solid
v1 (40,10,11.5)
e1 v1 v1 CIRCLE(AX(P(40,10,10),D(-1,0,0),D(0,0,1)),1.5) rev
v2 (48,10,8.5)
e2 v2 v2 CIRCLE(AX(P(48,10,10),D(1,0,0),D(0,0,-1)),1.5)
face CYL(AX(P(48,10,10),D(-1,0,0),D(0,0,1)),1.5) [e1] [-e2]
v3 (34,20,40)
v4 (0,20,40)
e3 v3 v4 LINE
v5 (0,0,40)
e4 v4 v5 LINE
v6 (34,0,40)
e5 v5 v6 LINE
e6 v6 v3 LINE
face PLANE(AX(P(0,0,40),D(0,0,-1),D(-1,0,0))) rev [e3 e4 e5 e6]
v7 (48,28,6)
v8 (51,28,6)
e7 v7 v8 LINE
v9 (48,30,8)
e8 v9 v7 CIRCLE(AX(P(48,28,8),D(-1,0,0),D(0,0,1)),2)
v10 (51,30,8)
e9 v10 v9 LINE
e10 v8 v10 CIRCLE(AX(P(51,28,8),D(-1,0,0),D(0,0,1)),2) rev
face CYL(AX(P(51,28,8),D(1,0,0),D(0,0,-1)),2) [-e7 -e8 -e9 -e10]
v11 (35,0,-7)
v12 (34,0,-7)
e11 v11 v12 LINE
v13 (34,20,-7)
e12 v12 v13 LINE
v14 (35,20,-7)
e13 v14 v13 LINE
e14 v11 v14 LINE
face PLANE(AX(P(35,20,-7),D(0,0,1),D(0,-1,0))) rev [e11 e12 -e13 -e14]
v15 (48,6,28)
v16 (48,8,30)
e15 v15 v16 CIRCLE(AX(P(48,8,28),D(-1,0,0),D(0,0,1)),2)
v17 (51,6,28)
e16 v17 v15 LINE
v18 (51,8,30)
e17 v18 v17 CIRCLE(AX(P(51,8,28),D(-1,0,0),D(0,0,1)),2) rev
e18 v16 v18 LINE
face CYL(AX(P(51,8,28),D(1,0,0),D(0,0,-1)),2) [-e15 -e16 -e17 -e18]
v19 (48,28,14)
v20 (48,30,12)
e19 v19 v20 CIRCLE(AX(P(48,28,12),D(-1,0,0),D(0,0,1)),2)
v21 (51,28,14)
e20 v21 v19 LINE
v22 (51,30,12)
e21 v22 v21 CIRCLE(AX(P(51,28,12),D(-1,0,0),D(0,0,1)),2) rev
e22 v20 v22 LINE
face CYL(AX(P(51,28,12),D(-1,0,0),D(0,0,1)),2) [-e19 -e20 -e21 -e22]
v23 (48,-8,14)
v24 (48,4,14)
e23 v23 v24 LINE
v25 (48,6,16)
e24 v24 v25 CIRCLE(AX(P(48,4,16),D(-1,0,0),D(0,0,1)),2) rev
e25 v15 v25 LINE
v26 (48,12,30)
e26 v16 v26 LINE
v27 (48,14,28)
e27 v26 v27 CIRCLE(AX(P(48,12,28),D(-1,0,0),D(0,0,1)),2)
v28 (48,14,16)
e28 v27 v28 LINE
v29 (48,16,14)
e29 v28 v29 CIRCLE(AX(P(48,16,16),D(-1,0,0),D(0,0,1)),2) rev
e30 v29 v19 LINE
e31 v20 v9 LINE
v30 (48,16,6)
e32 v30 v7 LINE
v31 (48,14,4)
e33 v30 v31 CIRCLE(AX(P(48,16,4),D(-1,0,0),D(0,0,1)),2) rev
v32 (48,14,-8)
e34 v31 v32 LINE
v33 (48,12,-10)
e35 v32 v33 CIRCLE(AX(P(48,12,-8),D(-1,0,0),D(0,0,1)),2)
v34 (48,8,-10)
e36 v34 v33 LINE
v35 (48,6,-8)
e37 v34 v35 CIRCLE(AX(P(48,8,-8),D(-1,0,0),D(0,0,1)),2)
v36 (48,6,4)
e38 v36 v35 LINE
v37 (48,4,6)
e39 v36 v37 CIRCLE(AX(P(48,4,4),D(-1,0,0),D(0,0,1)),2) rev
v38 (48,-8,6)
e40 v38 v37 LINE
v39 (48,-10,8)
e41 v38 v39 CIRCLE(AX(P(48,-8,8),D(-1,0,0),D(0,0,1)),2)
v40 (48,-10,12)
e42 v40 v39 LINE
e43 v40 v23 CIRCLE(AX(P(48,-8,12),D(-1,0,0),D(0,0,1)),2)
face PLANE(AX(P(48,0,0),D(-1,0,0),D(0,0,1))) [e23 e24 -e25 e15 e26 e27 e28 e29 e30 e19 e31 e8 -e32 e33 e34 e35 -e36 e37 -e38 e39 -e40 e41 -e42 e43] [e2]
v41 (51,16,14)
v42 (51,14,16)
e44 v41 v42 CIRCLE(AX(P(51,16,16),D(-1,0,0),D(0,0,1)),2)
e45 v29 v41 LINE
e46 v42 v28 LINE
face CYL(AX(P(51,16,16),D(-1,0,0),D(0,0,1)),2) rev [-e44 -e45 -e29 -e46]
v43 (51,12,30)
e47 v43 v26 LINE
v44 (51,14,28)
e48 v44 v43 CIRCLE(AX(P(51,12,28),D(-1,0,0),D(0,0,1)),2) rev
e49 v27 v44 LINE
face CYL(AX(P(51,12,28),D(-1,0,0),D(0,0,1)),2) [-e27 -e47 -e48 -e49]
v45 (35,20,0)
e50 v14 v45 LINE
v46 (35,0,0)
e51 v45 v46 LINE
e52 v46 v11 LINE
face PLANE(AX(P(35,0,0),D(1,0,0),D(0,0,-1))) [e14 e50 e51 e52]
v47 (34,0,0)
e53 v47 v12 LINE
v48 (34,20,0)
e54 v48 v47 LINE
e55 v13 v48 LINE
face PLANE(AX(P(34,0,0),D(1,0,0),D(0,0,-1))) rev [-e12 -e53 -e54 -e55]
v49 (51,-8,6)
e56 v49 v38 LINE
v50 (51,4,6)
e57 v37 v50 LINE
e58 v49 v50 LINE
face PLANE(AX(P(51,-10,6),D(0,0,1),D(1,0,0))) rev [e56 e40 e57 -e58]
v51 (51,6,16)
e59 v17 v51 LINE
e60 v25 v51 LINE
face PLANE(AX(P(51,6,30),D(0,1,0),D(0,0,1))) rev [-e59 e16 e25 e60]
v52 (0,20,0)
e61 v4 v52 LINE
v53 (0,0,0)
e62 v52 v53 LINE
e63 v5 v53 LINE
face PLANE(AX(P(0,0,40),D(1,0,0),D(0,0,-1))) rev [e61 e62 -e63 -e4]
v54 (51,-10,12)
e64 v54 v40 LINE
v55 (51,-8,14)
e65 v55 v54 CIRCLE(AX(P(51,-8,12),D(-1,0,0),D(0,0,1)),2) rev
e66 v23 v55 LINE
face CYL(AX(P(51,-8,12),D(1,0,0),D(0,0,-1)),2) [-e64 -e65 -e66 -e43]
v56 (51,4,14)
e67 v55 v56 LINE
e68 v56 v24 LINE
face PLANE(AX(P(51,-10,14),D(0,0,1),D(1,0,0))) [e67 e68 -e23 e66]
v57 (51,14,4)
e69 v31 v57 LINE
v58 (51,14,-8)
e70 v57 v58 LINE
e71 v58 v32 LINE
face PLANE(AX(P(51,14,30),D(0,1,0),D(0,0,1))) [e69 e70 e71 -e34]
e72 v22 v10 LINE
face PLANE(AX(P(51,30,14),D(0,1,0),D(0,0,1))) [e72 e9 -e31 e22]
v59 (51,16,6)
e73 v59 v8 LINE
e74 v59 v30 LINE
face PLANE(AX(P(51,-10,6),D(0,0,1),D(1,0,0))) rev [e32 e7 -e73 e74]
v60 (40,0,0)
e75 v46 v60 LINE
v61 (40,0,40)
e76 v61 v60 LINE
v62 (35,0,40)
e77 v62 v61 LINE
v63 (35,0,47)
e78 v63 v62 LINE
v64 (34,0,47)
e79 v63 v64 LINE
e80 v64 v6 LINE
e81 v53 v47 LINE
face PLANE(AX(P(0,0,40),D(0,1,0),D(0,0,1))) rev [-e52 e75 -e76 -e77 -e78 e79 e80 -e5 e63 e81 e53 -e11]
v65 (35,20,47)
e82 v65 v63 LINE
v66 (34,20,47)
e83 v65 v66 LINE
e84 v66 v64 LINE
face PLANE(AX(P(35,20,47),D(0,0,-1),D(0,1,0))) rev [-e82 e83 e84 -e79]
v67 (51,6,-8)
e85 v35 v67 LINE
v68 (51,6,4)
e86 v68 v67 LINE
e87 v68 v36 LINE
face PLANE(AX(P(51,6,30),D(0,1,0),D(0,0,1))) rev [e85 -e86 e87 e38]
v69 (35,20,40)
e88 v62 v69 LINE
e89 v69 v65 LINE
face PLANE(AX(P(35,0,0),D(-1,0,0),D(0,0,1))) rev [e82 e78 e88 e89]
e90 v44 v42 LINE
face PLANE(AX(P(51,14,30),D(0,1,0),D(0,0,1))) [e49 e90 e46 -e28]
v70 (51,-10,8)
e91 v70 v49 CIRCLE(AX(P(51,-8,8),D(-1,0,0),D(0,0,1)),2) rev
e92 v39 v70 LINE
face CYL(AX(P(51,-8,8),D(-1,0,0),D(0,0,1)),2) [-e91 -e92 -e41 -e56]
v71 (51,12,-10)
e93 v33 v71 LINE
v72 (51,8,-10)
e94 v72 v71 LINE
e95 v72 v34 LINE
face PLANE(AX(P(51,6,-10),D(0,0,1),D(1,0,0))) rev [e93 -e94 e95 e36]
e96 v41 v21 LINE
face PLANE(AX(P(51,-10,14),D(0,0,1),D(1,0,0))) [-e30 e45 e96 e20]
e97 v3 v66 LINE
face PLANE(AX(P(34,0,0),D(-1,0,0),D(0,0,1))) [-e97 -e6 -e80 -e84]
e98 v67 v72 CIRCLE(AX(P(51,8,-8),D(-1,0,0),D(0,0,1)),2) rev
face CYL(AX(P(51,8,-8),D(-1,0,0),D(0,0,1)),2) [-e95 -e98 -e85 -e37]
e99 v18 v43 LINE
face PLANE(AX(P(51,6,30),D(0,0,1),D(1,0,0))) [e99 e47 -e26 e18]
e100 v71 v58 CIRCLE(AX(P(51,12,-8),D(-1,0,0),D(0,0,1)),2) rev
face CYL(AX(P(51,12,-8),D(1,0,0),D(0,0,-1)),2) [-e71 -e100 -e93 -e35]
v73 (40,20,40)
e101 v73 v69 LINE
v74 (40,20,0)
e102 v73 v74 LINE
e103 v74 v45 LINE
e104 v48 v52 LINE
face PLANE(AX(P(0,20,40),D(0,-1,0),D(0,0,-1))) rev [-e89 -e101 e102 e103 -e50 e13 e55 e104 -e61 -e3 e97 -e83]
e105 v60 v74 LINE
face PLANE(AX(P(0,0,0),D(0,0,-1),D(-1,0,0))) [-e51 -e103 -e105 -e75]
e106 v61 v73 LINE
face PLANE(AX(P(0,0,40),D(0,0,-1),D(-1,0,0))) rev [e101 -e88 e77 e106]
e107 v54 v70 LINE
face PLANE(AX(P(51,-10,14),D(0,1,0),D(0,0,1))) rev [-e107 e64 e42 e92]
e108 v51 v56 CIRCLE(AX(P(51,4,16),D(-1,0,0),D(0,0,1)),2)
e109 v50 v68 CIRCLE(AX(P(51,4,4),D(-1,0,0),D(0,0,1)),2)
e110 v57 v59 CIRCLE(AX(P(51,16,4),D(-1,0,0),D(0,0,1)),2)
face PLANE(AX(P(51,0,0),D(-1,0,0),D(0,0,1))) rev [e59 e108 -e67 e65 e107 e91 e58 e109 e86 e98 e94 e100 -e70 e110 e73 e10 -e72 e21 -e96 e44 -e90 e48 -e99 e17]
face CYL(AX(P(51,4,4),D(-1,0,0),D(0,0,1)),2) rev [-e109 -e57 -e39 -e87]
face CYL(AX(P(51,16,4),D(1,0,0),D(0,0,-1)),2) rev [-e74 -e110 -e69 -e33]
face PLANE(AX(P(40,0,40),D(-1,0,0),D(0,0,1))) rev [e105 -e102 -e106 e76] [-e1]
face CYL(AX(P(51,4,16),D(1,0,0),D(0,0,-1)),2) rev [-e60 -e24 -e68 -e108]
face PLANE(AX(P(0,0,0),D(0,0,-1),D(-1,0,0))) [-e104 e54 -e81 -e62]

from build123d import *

# Parameters (mm, degrees)
SKETCH1_W           = 40
SKETCH1_H           = 20
BOSS_EXTRUDE1_DEPTH = 40
SKETCH2_R           = 1.5
BOSS_EXTRUDE2_DEPTH = 8
SKETCH4_W           = 8
SKETCH4_H           = 40
SKETCH4_W_2         = 40
SKETCH4_H_2         = 8
BOSS_EXTRUDE4_DEPTH = 3
FILLET1_R           = 2
SKETCH6_W           = 7
SKETCH6_H           = 20
BOSS_EXTRUDE5_DEPTH = 1


with BuildPart() as part:
    # Sketch1 → Boss-Extrude1 (new body)
    with BuildSketch(Plane.XY):
        with Locations((20, 10)):
            Rectangle(SKETCH1_W, SKETCH1_H)
    extrude(amount=BOSS_EXTRUDE1_DEPTH)

    # Sketch2 → Boss-Extrude2 (add)
    with BuildSketch(Plane(origin=(40, 0, 0), x_dir=(0, 0, -1), z_dir=(1, 0, 0))):
        with Locations(Location((-10, 10, 0), (0, 0, 180))):
            Circle(SKETCH2_R)
    extrude(amount=BOSS_EXTRUDE2_DEPTH)

    # Sketch4 → Boss-Extrude4 (add)
    with BuildSketch(Plane(origin=(48, 0, 0), x_dir=(0, 0, -1), z_dir=(1, 0, 0))):
        with Locations((-10, 10)):
            Rectangle(SKETCH4_W, SKETCH4_H)
        with Locations((-10, 10)):
            Rectangle(SKETCH4_W_2, SKETCH4_H_2)
    extrude(amount=BOSS_EXTRUDE4_DEPTH)

    # Fillet1
    fillet1_edges = [part.edges().sort_by_distance(p)[0] for p in [
        (49.5, 14, 30),
        (49.5, 6, 14),
        (49.5, 6, 30),
        (49.5, 6, -10),
        (49.5, 14, 6),
        (49.5, 14, -10),
        (49.5, 30, 6),
        (49.5, 14, 14),
        (49.5, 30, 14),
        (49.5, -10, 14),
        (49.5, 6, 6),
        (49.5, -10, 6),
    ]]
    fillet(fillet1_edges, radius=FILLET1_R)

    # Sketch6 → Boss-Extrude5 (add)
    with BuildSketch(Plane(origin=(34, 0, 0), x_dir=(0, 0, -1), z_dir=(1, 0, 0))):
        with Locations((-43.5, 10)):
            Rectangle(SKETCH6_W, SKETCH6_H)
        with Locations((3.5, 10)):
            Rectangle(SKETCH6_W, SKETCH6_H)
    extrude(amount=BOSS_EXTRUDE5_DEPTH)


solid = part.part
